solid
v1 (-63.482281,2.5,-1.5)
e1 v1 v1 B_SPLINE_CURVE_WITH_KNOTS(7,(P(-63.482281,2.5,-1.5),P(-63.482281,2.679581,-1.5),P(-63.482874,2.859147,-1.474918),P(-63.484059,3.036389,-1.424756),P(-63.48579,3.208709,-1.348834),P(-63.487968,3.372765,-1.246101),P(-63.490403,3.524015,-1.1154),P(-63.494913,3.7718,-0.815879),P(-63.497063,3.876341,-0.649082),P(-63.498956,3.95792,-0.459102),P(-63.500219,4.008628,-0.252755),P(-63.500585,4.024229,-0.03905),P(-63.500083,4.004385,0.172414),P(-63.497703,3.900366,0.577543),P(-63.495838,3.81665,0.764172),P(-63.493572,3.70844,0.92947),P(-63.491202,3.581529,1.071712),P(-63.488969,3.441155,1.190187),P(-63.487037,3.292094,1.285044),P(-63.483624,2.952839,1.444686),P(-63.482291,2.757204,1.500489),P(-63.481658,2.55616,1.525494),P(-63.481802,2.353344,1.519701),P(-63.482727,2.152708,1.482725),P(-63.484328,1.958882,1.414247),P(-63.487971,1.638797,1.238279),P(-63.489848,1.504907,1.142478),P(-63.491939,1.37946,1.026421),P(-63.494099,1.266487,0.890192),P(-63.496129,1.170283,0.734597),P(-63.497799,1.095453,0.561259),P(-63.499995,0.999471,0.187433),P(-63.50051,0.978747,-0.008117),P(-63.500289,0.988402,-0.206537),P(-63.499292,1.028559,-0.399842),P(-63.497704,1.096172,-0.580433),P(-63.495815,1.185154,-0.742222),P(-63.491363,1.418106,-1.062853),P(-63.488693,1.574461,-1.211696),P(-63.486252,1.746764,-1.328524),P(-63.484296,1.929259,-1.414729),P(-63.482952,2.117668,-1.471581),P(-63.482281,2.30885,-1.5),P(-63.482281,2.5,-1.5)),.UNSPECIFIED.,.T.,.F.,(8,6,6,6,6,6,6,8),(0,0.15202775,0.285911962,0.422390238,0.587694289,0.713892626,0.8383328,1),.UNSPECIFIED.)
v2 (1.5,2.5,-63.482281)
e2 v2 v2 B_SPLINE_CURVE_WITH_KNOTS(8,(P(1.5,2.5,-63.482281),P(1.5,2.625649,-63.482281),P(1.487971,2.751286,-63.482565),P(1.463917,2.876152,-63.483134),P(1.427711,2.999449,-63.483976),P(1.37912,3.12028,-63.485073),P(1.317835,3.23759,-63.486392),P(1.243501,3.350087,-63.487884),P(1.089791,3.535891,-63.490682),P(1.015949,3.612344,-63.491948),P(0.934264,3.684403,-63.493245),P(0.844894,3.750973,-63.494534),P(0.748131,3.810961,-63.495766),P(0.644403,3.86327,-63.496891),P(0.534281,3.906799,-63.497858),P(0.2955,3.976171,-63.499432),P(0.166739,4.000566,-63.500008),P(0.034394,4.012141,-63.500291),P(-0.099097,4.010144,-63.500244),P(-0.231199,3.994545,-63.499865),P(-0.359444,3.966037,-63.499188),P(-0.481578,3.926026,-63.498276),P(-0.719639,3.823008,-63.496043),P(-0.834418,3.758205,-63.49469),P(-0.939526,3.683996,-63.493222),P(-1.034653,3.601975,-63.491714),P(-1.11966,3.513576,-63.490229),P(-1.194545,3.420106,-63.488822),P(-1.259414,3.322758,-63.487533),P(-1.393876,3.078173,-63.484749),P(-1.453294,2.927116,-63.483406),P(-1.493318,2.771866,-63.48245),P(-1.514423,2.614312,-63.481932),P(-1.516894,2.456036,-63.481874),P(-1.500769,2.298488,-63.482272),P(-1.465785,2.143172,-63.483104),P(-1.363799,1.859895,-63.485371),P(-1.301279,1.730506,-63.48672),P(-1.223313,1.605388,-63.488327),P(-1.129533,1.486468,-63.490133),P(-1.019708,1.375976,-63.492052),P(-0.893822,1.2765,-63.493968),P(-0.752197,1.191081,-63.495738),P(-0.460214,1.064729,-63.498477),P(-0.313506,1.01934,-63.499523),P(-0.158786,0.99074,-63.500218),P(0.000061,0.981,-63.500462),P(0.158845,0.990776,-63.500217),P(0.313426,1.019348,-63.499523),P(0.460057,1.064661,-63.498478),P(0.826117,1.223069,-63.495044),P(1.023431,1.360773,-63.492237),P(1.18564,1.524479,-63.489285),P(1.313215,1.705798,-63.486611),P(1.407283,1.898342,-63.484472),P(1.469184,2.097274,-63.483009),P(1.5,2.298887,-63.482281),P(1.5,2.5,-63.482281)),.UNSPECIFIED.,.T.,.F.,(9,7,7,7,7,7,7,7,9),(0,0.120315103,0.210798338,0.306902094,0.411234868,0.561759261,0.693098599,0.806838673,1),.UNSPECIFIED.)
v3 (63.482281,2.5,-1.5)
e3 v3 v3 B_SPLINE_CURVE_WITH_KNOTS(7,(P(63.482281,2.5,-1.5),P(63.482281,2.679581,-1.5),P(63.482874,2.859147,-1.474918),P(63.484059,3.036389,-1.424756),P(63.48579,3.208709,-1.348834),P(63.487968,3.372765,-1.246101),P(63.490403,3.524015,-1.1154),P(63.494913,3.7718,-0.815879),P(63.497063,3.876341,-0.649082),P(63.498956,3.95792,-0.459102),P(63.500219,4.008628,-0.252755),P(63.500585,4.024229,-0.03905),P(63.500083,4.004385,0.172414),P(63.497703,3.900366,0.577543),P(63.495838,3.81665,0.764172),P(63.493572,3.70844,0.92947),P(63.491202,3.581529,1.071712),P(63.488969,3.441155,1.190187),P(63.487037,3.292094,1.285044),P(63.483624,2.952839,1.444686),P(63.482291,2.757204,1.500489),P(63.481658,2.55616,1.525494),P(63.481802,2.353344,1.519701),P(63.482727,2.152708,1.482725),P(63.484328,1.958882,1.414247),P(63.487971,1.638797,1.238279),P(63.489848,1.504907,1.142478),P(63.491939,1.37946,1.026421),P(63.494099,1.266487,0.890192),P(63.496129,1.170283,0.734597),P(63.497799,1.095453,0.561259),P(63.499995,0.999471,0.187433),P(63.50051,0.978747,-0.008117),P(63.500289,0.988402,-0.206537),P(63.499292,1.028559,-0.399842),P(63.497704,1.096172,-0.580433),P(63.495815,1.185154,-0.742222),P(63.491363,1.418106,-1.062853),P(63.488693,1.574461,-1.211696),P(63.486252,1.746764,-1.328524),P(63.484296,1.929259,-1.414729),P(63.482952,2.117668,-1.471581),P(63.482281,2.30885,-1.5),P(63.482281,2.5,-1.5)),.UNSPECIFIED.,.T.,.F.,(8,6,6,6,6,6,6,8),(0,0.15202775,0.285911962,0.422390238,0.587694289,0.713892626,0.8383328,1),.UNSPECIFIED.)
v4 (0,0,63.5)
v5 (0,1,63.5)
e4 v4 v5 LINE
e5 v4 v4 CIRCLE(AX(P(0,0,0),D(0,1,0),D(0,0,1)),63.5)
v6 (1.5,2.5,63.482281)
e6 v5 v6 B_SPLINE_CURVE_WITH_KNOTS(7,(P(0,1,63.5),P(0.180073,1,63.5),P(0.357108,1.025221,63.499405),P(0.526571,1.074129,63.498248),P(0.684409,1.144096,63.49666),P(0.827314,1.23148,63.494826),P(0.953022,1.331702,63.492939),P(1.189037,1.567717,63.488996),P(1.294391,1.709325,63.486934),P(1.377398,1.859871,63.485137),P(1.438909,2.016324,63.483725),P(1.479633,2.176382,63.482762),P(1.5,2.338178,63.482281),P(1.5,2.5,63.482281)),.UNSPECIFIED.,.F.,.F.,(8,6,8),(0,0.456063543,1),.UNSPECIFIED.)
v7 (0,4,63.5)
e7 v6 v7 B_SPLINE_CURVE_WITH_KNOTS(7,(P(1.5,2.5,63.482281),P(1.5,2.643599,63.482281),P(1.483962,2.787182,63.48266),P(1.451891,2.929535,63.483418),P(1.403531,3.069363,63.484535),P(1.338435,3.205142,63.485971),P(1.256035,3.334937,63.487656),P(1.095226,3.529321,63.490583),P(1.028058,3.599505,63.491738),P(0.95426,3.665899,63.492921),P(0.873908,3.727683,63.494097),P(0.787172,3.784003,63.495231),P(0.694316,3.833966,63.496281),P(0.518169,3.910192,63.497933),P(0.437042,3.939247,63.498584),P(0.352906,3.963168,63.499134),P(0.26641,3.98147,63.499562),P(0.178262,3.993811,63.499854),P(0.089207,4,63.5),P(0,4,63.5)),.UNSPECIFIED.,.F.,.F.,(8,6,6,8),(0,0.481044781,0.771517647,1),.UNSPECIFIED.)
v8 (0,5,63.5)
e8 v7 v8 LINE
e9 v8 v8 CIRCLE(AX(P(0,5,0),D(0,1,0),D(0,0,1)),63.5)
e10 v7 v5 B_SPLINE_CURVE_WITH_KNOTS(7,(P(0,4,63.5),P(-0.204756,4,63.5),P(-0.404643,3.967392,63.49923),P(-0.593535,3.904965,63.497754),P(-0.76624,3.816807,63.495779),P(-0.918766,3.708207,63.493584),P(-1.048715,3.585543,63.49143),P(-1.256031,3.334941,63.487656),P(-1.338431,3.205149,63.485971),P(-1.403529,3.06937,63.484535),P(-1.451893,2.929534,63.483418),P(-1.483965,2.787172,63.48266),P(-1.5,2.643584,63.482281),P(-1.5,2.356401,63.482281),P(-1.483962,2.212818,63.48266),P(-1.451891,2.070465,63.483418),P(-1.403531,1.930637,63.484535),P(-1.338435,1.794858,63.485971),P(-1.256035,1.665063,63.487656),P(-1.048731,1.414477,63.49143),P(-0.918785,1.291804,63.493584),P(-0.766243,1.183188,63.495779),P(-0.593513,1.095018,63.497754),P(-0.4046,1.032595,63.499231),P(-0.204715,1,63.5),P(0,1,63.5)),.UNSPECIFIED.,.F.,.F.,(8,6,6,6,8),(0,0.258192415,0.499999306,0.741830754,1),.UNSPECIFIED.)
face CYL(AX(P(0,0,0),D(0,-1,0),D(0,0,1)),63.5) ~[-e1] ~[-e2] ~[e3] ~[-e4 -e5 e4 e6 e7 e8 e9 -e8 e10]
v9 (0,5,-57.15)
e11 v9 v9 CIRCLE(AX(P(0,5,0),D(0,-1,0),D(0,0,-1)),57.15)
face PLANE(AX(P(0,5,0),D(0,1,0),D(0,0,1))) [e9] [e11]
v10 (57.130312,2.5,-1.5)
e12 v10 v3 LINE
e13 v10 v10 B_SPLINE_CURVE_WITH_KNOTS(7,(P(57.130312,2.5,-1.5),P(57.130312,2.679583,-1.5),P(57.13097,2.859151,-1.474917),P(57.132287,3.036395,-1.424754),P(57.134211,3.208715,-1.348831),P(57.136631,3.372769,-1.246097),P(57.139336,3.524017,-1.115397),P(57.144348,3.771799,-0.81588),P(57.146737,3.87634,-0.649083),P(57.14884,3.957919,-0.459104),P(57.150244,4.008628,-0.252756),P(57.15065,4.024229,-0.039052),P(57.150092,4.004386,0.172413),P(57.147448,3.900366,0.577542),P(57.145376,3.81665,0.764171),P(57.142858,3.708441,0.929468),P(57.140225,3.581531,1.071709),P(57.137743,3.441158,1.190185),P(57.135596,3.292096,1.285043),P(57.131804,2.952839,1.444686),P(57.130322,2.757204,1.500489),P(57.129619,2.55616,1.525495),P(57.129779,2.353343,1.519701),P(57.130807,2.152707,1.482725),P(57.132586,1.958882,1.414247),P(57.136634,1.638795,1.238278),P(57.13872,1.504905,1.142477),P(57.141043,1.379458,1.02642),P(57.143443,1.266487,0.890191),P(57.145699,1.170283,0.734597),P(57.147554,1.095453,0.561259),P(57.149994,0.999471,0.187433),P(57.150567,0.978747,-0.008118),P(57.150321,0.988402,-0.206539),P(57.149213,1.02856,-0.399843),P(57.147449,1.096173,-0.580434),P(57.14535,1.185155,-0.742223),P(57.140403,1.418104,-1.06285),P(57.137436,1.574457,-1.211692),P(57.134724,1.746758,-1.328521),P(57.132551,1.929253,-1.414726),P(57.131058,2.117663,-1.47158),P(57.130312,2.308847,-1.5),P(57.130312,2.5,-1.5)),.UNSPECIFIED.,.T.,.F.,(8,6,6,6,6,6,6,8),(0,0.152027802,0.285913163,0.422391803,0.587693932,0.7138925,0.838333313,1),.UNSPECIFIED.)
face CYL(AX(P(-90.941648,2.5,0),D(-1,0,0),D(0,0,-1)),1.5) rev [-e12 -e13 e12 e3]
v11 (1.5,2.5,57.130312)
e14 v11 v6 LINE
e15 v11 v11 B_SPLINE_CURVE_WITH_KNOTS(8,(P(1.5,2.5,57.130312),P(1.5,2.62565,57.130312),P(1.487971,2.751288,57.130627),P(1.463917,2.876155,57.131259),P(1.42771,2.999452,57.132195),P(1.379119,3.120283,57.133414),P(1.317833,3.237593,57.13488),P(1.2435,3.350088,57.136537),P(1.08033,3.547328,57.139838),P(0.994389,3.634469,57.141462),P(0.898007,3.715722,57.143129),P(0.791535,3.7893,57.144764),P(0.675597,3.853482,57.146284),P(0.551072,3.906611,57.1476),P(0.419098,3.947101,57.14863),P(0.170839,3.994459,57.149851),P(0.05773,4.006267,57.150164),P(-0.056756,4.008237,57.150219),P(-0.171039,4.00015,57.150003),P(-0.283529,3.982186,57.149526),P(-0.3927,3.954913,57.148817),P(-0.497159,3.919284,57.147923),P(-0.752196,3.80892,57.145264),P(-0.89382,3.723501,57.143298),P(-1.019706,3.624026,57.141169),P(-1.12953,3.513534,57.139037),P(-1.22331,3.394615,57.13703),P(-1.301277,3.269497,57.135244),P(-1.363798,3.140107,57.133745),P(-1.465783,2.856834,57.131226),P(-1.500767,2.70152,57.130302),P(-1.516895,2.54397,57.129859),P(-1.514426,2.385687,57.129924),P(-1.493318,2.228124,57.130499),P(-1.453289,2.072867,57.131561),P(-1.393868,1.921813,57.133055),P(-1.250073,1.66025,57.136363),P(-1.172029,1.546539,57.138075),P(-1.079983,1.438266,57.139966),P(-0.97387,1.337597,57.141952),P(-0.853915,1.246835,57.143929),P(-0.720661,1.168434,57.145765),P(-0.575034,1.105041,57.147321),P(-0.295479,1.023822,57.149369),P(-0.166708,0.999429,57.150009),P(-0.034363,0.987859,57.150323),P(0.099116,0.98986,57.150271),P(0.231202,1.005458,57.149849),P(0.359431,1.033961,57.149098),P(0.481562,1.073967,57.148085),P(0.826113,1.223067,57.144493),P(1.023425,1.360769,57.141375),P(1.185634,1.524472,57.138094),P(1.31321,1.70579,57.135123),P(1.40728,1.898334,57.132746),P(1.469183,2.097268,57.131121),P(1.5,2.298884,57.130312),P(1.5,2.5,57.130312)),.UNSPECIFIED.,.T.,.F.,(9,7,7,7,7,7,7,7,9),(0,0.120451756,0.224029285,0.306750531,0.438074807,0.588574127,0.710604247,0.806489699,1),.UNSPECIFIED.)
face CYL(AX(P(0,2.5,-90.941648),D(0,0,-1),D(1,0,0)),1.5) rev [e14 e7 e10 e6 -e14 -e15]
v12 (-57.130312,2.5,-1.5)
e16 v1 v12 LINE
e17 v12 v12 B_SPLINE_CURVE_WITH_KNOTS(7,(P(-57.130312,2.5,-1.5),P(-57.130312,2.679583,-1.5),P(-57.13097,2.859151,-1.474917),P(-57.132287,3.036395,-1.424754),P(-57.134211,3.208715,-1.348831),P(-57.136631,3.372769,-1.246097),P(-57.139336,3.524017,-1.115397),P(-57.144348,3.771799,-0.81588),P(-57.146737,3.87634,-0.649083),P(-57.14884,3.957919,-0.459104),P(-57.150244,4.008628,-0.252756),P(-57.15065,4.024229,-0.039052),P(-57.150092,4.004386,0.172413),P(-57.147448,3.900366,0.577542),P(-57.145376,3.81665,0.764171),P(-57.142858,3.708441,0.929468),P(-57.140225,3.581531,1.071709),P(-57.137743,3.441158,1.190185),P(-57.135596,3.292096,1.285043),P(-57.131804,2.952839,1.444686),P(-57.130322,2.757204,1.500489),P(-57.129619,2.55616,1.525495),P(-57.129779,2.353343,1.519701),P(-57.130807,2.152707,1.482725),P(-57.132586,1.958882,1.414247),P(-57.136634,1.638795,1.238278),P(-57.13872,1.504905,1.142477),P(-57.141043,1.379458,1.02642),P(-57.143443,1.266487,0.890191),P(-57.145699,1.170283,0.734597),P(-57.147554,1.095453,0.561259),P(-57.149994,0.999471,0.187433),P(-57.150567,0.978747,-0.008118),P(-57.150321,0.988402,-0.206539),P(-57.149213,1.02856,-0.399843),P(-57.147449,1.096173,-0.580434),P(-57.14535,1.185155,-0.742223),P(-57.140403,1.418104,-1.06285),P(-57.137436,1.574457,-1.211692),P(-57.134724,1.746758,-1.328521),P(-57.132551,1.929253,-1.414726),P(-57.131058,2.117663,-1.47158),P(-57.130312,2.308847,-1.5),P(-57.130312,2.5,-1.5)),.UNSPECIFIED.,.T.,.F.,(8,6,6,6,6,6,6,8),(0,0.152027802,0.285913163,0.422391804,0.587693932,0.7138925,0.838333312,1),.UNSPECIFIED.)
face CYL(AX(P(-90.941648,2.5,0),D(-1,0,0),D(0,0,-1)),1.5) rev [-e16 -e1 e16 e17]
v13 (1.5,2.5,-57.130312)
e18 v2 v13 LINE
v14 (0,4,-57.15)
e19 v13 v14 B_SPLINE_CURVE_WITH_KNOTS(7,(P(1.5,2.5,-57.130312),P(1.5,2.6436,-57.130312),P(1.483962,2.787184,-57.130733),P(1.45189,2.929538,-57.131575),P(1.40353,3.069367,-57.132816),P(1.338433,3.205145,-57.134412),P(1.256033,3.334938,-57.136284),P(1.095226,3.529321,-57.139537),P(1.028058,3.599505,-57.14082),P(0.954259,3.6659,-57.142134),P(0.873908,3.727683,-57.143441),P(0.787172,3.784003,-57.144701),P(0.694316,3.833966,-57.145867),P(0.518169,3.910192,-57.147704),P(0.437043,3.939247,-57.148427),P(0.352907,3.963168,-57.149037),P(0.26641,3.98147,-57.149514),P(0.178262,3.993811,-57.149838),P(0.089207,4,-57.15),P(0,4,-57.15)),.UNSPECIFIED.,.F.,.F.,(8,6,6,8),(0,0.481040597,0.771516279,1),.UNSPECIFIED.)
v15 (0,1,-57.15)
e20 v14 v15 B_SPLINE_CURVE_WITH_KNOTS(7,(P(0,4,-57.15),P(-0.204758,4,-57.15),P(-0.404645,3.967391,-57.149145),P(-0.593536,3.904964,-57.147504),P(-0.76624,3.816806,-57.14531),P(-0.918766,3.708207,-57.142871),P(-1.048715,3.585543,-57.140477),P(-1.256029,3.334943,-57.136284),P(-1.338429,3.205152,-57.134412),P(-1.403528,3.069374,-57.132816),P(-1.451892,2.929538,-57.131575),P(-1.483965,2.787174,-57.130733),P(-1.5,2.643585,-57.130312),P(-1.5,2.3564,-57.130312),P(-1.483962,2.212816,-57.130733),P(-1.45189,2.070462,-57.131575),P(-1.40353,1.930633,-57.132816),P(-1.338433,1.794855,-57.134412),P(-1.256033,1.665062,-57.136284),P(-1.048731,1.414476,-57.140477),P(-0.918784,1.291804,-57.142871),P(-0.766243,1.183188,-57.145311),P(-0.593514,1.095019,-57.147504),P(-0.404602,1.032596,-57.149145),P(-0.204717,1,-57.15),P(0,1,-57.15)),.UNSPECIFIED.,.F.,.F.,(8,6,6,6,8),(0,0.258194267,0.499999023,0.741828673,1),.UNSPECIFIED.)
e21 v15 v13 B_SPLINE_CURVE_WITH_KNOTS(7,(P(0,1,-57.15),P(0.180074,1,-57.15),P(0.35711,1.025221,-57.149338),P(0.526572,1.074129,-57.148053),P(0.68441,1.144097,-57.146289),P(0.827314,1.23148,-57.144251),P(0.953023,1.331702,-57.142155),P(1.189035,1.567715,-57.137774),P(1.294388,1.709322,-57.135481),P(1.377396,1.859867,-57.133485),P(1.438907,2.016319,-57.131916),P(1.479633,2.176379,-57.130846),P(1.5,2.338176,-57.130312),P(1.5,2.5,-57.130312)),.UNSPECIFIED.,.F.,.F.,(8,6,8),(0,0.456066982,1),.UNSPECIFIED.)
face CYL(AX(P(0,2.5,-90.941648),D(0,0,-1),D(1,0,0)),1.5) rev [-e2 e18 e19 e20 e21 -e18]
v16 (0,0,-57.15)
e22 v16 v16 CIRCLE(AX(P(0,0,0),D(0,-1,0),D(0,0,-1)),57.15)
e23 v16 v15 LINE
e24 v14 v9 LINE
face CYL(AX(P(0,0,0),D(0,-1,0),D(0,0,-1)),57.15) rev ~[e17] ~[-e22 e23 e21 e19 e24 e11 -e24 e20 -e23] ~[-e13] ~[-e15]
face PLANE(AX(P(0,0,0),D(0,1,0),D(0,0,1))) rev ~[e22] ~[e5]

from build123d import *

# Parameters (mm, degrees)
OUTER_RING_MAIN_SKETCH_R   = 63.5
OUTER_RING_MAIN_BODY_DEPTH = 5
CENTER_HOLE_SKETCH_R       = 57.15
CENTER_HOLE_DEPTH          = 90.94164775
PIN_HOLE_DEPTH             = 90.94164775
PIN_HOLE_DEPTH_BACK        = 90.94164775
PIN_HOLE_SKETCH_R          = 1.5
PIN_HOLE_2_DEPTH           = 90.941647898
PIN_HOLE_2_DEPTH_BACK      = 90.941647898
PIN_HOLE_2_SKETCH_R        = 1.5


with BuildPart() as part:
    # Outer Ring Main Sketch → Outer Ring Main Body (new body)
    with BuildSketch(Plane(origin=(0, 0, 0), x_dir=(1, 0, 0), z_dir=(0, 1, 0))):
        with Locations(Location((0, 0, 0), (0, 0, 270))):
            Circle(OUTER_RING_MAIN_SKETCH_R)
    extrude(amount=OUTER_RING_MAIN_BODY_DEPTH)

    # Center Hole Sketch → Center Hole (cut, through all)
    with BuildSketch(Plane.XZ):
        with Locations(Location((0, 0, 0), (0, 0, 270))):
            Circle(CENTER_HOLE_SKETCH_R)
    extrude(amount=-CENTER_HOLE_DEPTH, mode=Mode.SUBTRACT)

    # Pin Hole Sketch → Pin Hole (cut, two sides: drawn at the far end of the back side and taken through both)
    with BuildSketch(Plane.XY.offset(-PIN_HOLE_DEPTH_BACK)):
        with Locations((0, 2.5)):
            Circle(PIN_HOLE_SKETCH_R)
    extrude(amount=PIN_HOLE_DEPTH + PIN_HOLE_DEPTH_BACK, mode=Mode.SUBTRACT)

    # Pin Hole 2 Sketch → Pin Hole 2 (cut, two sides: drawn at the far end of the back side and taken through both)
    with BuildSketch(Plane(origin=(0, 0, 0), x_dir=(0, 0, -1), z_dir=(1, 0, 0)).offset(-PIN_HOLE_2_DEPTH_BACK)):
        with Locations((0, 2.5)):
            Circle(PIN_HOLE_2_SKETCH_R)
    extrude(amount=PIN_HOLE_2_DEPTH + PIN_HOLE_2_DEPTH_BACK, mode=Mode.SUBTRACT)


solid = part.part
